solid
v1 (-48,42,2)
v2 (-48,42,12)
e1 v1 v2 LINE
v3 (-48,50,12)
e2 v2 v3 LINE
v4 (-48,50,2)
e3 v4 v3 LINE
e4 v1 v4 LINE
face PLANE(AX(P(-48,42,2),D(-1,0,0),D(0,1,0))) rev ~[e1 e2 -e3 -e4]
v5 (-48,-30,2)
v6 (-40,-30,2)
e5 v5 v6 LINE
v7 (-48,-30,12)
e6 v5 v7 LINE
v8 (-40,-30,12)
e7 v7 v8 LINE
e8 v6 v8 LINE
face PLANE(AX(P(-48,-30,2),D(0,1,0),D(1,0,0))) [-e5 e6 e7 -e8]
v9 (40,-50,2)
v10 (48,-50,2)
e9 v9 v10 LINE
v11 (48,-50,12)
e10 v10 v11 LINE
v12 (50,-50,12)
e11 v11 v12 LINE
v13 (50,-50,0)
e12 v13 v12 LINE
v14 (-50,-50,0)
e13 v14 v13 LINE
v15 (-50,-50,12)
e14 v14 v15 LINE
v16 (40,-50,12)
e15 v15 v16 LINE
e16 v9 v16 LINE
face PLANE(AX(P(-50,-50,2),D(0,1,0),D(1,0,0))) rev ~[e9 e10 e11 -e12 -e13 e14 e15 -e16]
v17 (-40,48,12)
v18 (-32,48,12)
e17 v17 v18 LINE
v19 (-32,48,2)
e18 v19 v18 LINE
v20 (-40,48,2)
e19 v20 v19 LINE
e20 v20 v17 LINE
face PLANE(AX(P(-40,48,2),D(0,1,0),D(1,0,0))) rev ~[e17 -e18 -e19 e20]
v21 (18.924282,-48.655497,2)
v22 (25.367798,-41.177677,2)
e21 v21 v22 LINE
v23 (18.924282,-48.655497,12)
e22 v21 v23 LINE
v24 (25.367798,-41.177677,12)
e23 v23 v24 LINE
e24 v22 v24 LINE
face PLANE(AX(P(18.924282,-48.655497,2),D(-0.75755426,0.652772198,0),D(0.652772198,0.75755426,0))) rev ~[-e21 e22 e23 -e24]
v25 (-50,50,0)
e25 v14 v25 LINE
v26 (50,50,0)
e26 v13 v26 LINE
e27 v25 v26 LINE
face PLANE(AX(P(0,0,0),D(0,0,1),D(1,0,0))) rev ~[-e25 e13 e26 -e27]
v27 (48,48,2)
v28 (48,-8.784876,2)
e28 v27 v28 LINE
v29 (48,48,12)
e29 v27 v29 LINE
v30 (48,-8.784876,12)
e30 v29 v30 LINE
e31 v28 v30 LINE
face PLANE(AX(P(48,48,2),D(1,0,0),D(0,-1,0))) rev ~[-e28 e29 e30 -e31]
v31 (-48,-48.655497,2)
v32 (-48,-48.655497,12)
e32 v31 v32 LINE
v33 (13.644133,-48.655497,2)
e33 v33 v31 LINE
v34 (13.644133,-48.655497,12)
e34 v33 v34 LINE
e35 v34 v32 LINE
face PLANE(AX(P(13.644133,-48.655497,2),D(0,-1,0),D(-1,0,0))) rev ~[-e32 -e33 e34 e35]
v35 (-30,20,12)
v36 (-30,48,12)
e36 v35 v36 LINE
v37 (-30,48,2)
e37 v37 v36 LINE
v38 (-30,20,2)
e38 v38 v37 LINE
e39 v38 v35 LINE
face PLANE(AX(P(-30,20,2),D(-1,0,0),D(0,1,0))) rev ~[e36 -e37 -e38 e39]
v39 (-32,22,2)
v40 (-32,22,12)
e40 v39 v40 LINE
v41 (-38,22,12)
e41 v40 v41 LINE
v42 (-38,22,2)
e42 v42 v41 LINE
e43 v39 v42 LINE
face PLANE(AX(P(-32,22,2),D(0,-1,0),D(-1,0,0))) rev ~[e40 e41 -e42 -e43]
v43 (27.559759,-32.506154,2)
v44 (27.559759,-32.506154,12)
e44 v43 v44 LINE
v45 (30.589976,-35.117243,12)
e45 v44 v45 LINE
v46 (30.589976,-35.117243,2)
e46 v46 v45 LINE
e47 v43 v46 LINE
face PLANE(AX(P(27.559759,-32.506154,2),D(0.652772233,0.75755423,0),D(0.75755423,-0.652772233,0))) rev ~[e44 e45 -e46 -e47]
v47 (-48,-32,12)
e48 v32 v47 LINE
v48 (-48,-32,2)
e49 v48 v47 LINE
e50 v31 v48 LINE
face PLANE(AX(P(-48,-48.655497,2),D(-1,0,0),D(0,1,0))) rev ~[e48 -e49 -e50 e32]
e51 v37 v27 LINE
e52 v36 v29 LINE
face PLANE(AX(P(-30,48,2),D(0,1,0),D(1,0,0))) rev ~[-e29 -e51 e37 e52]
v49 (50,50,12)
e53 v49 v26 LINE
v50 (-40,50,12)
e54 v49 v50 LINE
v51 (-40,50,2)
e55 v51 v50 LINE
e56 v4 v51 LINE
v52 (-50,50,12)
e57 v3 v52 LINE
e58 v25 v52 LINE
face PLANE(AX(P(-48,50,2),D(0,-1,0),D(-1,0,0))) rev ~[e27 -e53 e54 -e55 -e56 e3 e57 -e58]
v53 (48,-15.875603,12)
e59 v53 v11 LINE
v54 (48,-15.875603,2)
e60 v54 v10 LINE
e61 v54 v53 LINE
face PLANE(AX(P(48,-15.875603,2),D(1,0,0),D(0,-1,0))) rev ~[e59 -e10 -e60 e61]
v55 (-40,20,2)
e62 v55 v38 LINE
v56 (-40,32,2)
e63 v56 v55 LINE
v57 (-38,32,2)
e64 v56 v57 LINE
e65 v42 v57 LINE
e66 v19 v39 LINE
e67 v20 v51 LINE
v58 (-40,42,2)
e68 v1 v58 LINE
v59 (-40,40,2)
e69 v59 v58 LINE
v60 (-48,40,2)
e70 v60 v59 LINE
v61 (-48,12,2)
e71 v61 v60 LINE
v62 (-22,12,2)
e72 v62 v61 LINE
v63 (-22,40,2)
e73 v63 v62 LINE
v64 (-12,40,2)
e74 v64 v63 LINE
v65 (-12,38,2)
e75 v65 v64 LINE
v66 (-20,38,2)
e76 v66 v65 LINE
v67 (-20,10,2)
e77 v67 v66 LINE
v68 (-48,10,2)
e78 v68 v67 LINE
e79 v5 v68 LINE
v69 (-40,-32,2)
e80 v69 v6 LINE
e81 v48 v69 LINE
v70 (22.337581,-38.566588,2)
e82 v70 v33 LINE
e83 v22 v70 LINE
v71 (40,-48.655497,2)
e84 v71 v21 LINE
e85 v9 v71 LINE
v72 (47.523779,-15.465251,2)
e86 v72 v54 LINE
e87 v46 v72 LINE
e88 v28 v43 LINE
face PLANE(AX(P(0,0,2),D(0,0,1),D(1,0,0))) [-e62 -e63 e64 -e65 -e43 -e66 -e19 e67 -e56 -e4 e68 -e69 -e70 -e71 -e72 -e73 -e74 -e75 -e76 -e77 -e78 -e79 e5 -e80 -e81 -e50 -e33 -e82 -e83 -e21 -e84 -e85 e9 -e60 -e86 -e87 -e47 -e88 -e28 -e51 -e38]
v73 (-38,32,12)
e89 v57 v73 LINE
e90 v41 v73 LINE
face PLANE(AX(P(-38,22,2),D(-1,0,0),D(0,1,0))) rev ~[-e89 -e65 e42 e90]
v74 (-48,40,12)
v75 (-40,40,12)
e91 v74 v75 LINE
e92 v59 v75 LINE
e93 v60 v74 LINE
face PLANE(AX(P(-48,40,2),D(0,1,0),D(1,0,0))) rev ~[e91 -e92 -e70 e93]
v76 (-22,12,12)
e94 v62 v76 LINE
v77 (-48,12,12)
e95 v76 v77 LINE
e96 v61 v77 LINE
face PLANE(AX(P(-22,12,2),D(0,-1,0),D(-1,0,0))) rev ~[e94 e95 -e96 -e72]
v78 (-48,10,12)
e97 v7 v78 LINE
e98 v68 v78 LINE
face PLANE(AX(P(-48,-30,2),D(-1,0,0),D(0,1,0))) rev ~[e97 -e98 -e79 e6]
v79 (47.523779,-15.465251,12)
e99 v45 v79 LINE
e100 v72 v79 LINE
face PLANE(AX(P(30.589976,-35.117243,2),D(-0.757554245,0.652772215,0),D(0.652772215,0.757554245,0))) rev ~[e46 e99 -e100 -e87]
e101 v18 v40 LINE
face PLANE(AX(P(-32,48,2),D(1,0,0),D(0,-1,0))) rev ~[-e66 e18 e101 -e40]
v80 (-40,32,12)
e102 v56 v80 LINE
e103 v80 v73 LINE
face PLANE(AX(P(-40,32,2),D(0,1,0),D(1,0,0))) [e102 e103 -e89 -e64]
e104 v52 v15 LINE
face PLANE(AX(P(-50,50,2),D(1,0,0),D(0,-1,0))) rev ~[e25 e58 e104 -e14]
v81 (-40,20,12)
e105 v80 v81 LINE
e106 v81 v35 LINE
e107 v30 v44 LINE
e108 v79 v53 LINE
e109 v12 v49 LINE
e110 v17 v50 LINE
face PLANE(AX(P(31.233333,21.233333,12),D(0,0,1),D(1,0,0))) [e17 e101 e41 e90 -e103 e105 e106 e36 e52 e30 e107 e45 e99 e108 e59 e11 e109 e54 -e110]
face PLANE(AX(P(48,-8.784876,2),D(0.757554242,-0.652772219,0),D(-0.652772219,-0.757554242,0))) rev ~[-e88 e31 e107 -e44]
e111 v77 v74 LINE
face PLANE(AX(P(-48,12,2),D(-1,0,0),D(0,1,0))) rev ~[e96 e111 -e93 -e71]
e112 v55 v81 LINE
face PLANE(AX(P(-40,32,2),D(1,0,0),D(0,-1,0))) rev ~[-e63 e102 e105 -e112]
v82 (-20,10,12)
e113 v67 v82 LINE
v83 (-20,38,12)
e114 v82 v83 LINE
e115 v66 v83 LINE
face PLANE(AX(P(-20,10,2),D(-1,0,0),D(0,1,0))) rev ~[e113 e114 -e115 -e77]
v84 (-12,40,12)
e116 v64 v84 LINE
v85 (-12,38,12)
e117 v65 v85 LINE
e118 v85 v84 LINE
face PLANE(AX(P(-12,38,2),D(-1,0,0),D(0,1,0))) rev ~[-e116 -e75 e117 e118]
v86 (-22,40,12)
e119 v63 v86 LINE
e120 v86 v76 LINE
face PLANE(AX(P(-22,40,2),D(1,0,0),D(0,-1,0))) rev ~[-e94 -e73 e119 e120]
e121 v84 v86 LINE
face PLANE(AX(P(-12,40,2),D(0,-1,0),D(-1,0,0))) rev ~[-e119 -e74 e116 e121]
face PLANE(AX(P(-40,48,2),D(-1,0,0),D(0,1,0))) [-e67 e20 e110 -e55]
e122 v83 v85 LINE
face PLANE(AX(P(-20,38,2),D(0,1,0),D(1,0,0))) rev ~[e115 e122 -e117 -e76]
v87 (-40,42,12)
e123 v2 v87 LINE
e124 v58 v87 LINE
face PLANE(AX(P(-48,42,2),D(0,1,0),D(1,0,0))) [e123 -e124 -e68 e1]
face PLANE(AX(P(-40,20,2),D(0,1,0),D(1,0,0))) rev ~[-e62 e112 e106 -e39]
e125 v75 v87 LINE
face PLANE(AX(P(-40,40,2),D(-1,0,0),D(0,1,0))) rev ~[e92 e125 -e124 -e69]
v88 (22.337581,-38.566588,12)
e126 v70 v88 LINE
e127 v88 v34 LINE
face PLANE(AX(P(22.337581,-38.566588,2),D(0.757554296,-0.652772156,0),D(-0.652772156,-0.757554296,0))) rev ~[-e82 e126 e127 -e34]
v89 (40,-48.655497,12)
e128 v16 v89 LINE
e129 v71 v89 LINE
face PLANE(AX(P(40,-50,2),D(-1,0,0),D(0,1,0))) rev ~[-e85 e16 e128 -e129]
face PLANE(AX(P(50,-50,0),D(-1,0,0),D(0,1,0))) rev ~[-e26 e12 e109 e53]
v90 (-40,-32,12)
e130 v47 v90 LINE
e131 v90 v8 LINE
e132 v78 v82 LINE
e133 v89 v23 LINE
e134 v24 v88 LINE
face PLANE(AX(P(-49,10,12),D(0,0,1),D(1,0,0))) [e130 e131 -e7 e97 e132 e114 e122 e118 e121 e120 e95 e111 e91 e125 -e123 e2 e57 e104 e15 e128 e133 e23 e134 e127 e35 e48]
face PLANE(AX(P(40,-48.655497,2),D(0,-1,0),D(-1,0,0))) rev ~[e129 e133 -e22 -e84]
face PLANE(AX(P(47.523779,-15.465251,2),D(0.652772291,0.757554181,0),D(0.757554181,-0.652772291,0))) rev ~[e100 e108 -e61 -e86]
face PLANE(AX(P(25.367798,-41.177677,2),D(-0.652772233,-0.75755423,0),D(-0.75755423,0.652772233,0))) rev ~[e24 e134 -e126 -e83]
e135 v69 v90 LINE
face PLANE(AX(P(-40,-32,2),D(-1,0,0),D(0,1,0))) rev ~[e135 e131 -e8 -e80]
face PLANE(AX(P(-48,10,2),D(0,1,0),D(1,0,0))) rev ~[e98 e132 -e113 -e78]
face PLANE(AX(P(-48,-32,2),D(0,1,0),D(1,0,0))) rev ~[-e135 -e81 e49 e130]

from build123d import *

# Parameters (mm, degrees)
F0_W     = 100
F0_H     = 100
F1_DEPTH = 2
F2_W     = 2
F2_H     = 2
F2_W_2   = 8
F2_H_2   = 10
F3_DEPTH = 10


with BuildPart() as f1:
    # F0 (on Top) → F1 (new body)
    with BuildSketch(Plane.XY):
        Rectangle(F0_W, F0_H)
    extrude(amount=F1_DEPTH)

    # F2 (on face) → F3 (join)
    with BuildSketch(Plane.XY.offset(2)):
        Polygon((-48, 50), (-50, 50), (-50, -30), (-48, -30), (-48, 10), (-48, 12), (-48, 40), (-48, 42), align=None)
        with Locations((-49, -31)):
            Rectangle(F2_W, F2_H)
        with Locations((-44, 41)):
            Rectangle(F2_W_2, F2_H)
        Polygon((-48, -32), (-50, -32), (-50, -50), (-48, -50), (-48, -48.655497), align=None)
        with Locations((-44, -31)):
            Rectangle(F2_W_2, F2_H)
        Polygon((-48, 12), (-48, 10), (-20, 10), (-20, 38), (-12, 38), (-12, 40), (-22, 40), (-22, 12), align=None)
        Polygon((-48, -48.655497), (-48, -50), (40, -50), (40, -48.655497), (18.924282, -48.655497), (13.644133, -48.655497), align=None)
        Polygon((22.337581, -38.566588), (13.644133, -48.655497), (18.924282, -48.655497), (25.367798, -41.177677), align=None)
        Polygon((48, -15.875603), (48, -50), (50, -50), (50, 50), (-30, 50), (-30, 48), (48, 48), (48, -8.784876), align=None)
        Polygon((47.523779, -15.465251), (48, -15.875603), (48, -8.784876), (27.559759, -32.506154), (30.589976, -35.117243), align=None)
        Polygon((-30, 48), (-30, 50), (-32, 50), (-32, 48), (-32, 22), (-38, 22), (-40, 22), (-40, 20), (-30, 20), align=None)
        with Locations((-36, 49)):
            Rectangle(F2_W_2, F2_H)
        with Locations((-39, 27)):
            Rectangle(F2_W, F2_H_2)
    extrude(amount=F3_DEPTH)


solid = f1.part
